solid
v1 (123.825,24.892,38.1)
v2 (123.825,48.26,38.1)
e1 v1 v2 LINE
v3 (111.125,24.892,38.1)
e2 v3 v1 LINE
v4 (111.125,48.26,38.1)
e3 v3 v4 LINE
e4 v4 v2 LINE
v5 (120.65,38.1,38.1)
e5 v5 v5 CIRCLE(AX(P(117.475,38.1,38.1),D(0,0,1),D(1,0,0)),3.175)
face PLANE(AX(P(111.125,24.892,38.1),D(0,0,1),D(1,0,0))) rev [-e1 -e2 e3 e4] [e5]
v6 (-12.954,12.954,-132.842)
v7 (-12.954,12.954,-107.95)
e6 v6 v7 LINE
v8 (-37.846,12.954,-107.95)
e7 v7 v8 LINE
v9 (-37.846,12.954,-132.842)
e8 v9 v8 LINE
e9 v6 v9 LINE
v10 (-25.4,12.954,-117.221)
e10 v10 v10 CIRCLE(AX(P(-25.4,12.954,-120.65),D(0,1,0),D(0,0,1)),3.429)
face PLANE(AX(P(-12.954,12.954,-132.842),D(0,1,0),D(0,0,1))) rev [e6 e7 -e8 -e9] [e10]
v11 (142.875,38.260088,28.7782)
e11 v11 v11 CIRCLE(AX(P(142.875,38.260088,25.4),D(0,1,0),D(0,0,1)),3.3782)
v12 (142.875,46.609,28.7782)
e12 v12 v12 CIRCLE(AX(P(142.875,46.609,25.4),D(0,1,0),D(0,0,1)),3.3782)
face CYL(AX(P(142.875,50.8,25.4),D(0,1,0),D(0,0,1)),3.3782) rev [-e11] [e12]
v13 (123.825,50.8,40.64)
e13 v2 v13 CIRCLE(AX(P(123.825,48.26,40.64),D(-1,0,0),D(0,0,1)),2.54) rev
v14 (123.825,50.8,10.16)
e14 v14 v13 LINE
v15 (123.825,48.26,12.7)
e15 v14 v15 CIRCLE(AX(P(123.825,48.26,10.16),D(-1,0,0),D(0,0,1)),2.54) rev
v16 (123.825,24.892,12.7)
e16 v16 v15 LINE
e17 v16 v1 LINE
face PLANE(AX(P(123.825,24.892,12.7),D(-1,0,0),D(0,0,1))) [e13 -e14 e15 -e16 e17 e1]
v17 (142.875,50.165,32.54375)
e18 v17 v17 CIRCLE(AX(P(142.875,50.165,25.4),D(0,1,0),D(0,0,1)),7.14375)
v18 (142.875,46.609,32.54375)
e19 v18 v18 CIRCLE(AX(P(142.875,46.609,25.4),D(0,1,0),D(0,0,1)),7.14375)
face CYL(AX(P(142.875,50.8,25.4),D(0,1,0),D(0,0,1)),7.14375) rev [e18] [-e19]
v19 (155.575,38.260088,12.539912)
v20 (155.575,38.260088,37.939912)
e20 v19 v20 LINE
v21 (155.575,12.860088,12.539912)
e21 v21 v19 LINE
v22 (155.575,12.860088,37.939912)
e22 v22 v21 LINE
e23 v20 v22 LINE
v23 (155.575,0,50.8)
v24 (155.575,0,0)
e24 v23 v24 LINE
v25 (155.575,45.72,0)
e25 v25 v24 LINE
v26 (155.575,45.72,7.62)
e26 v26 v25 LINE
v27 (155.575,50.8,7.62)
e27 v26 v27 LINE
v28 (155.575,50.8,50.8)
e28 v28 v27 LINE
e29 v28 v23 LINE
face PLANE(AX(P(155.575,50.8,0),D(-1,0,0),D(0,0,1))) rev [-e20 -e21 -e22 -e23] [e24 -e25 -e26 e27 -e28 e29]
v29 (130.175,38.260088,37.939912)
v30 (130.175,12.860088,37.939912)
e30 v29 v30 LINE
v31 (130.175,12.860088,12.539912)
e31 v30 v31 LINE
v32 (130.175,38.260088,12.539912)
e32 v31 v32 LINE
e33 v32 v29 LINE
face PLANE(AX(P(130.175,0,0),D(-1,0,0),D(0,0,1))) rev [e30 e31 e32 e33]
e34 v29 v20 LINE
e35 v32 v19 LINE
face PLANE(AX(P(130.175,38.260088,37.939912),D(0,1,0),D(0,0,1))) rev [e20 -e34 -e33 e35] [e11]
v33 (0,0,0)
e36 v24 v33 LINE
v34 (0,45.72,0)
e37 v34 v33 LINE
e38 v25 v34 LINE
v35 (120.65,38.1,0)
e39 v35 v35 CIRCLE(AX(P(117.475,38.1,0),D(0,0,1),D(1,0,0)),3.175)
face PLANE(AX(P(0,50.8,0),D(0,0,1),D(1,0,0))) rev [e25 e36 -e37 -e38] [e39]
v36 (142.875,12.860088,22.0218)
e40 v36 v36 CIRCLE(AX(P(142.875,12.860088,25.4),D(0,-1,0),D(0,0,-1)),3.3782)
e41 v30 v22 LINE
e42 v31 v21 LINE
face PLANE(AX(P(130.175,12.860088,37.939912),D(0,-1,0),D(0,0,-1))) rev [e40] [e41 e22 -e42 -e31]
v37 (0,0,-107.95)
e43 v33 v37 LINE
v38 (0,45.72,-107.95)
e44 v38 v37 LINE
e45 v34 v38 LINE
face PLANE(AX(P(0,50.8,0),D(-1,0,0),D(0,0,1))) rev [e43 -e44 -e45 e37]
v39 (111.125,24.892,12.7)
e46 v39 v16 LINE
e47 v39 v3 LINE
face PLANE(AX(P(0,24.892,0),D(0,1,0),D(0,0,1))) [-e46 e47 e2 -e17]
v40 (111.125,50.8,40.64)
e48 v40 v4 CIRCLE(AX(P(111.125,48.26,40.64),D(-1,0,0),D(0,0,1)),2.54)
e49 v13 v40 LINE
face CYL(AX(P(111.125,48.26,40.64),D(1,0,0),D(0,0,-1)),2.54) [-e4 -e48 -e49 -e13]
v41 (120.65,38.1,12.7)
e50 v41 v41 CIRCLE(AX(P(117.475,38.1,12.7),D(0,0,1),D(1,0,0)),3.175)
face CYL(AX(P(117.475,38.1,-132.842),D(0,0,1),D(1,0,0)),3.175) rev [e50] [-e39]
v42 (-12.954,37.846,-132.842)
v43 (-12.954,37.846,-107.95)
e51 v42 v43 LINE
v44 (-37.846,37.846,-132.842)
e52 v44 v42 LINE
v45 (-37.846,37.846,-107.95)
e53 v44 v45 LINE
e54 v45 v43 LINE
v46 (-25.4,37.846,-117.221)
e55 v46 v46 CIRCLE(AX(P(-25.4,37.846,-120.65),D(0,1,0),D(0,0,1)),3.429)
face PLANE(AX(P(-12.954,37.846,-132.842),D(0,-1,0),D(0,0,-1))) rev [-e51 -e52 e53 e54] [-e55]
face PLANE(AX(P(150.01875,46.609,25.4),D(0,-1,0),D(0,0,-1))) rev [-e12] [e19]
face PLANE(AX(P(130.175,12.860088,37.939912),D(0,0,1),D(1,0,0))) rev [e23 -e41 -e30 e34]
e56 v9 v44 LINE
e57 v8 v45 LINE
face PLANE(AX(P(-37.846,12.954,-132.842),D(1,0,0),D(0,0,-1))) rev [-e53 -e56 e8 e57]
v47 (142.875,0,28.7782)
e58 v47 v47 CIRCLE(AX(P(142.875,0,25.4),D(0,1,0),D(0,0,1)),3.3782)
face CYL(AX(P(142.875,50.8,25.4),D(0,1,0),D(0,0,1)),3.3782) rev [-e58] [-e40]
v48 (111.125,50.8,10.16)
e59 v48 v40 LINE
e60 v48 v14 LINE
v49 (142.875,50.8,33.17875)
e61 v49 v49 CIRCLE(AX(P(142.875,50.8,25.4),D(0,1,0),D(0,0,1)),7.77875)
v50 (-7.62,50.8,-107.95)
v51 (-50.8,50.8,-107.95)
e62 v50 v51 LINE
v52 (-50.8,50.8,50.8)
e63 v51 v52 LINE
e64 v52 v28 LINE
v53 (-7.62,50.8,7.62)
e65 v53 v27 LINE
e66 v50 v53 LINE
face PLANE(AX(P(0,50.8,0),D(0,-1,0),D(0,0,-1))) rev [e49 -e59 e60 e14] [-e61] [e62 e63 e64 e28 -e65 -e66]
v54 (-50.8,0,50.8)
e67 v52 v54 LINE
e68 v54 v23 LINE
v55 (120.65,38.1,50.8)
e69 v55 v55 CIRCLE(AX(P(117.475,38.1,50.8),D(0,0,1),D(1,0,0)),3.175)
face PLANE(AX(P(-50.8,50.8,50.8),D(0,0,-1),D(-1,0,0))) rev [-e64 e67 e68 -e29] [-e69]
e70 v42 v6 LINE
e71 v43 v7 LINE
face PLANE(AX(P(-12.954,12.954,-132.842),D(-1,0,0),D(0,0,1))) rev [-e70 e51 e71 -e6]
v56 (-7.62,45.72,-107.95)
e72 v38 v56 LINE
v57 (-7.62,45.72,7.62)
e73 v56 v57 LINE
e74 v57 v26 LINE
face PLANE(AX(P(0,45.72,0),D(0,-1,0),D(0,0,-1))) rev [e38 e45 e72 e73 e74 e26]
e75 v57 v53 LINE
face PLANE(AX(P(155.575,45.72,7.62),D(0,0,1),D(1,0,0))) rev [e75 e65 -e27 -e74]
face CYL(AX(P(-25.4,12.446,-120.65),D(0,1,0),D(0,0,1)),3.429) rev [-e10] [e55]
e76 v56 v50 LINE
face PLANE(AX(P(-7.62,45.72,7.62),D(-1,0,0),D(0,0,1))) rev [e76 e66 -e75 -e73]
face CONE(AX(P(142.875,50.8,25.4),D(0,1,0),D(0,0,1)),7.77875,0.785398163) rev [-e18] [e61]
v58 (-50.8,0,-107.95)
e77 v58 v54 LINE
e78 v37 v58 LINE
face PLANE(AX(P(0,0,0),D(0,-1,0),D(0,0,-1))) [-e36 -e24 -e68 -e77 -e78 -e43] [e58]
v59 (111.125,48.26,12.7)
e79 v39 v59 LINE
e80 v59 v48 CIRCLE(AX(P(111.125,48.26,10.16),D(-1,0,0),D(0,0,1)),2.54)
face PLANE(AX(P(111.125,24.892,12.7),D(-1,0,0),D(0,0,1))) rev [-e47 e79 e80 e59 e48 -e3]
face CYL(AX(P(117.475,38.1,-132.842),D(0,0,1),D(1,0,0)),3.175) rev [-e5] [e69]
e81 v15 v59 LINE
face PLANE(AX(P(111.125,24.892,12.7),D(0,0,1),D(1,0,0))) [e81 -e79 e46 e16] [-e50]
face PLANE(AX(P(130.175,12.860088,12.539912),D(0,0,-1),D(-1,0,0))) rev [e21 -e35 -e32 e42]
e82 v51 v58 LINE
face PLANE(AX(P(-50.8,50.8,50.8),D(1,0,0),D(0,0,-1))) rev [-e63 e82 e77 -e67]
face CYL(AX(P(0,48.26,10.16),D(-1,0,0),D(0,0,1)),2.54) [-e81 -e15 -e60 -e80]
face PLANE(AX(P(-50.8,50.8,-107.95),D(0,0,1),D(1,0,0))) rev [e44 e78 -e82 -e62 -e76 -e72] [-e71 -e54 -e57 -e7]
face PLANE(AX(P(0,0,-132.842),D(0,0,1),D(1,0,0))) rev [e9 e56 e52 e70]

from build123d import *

# Parameters (mm, degrees)
BOSS_EXTRUDE1_DEPTH = 50.8
SKETCH3_W           = 25.4
SKETCH3_H           = 25.4
CUT_EXTRUDE1_DEPTH  = 25.4
SKETCH8_W           = 24.892
SKETCH8_H           = 24.892
BOSS_EXTRUDE2_DEPTH = 24.892
SKETCH12_R          = 3.429
CUT_EXTRUDE2_DEPTH  = 25.4
SKETCH13_W          = 12.7
SKETCH13_H          = 25.4
CUT_EXTRUDE3_DEPTH  = 25.908
FILLET1_R           = 2.54
CUT_EXTRUDE6_DEPTH  = 5.08
SKETCH15_R          = 3.175
CUT_EXTRUDE7_DEPTH  = 246.984968624


with BuildPart() as part:
    # Sketch2 → Boss-Extrude1 (new body)
    with BuildSketch(Plane(origin=(0, 0, 0), x_dir=(1, 0, 0), z_dir=(0, 1, 0))):
        Polygon((-50.8, 107.95), (0, 107.95), (0, 0), (155.575, 0), (155.575, -50.8), (-50.8, -50.8), align=None)
    extrude(amount=BOSS_EXTRUDE1_DEPTH)

    # Sketch3 → Cut-Extrude1 (cut)
    with BuildSketch(Plane(origin=(155.575, 0, 0), x_dir=(0, 0, -1), z_dir=(1, 0, 0))):
        with Locations((-25.239912, 25.560088)):
            Rectangle(SKETCH3_W, SKETCH3_H)
    extrude(amount=-CUT_EXTRUDE1_DEPTH, mode=Mode.SUBTRACT)

    # Sketch7 → CBORE for 1/4 Binding Head Machine Screw1 (revolve, cut)
    with BuildSketch(Plane(origin=(142.875, 50.8, 25.4), x_dir=(0, 0, 1), z_dir=(1, 0, 0))):
        Polygon((0, 0), (0, 50.8), (3.3782, 50.8), (3.3782, 4.191), (7.14375, 4.191), (7.14375, 0.635), (7.77875, 0), align=None)
    revolve(axis=Axis((142.875, 57.15, 25.4), (0, -1, 0)), mode=Mode.SUBTRACT)

    # Sketch8 → Boss-Extrude2 (add)
    with BuildSketch(Plane(origin=(0, 0, -107.95), x_dir=(-1, 0, 0), z_dir=(0, 0, -1))):
        with Locations((25.4, 25.4)):
            Rectangle(SKETCH8_W, SKETCH8_H)
    extrude(amount=BOSS_EXTRUDE2_DEPTH)

    # Sketch12 → Cut-Extrude2 (cut)
    with BuildSketch(Plane(origin=(0, 37.846, 0), x_dir=(1, 0, 0), z_dir=(0, 1, 0))):
        with Locations(Location((-25.4, 120.65, 0), (0, 0, 270))):
            Circle(SKETCH12_R)
    extrude(amount=-CUT_EXTRUDE2_DEPTH, mode=Mode.SUBTRACT)

    # Sketch13 → Cut-Extrude3 (cut)
    with BuildSketch(Plane(origin=(0, 50.8, 0), x_dir=(1, 0, 0), z_dir=(0, 1, 0))):
        with Locations((117.475, -25.4)):
            Rectangle(SKETCH13_W, SKETCH13_H)
    extrude(amount=-CUT_EXTRUDE3_DEPTH, mode=Mode.SUBTRACT)

    # Fillet1
    fillet1_edges = [part.edges().sort_by_distance(p)[0] for p in [
        (117.475, 50.8, 12.7),
        (117.475, 50.8, 38.1),
    ]]
    fillet(fillet1_edges, radius=FILLET1_R)

    # Sketch17 → Cut-Extrude6 (cut)
    with BuildSketch(Plane(origin=(0, 50.8, 0), x_dir=(1, 0, 0), z_dir=(0, 1, 0))):
        Polygon((0, 107.95), (0, 0), (155.575, 0), (155.575, -7.62), (-7.62, -7.62), (-7.62, 107.95), align=None)
    extrude(amount=-CUT_EXTRUDE6_DEPTH, mode=Mode.SUBTRACT)

    # Sketch15 → Cut-Extrude7 (cut, through all)
    with BuildSketch(Plane.XY.offset(50.8)):
        with Locations((117.475, 38.1)):
            Circle(SKETCH15_R)
    extrude(amount=-CUT_EXTRUDE7_DEPTH, mode=Mode.SUBTRACT)


solid = part.part
